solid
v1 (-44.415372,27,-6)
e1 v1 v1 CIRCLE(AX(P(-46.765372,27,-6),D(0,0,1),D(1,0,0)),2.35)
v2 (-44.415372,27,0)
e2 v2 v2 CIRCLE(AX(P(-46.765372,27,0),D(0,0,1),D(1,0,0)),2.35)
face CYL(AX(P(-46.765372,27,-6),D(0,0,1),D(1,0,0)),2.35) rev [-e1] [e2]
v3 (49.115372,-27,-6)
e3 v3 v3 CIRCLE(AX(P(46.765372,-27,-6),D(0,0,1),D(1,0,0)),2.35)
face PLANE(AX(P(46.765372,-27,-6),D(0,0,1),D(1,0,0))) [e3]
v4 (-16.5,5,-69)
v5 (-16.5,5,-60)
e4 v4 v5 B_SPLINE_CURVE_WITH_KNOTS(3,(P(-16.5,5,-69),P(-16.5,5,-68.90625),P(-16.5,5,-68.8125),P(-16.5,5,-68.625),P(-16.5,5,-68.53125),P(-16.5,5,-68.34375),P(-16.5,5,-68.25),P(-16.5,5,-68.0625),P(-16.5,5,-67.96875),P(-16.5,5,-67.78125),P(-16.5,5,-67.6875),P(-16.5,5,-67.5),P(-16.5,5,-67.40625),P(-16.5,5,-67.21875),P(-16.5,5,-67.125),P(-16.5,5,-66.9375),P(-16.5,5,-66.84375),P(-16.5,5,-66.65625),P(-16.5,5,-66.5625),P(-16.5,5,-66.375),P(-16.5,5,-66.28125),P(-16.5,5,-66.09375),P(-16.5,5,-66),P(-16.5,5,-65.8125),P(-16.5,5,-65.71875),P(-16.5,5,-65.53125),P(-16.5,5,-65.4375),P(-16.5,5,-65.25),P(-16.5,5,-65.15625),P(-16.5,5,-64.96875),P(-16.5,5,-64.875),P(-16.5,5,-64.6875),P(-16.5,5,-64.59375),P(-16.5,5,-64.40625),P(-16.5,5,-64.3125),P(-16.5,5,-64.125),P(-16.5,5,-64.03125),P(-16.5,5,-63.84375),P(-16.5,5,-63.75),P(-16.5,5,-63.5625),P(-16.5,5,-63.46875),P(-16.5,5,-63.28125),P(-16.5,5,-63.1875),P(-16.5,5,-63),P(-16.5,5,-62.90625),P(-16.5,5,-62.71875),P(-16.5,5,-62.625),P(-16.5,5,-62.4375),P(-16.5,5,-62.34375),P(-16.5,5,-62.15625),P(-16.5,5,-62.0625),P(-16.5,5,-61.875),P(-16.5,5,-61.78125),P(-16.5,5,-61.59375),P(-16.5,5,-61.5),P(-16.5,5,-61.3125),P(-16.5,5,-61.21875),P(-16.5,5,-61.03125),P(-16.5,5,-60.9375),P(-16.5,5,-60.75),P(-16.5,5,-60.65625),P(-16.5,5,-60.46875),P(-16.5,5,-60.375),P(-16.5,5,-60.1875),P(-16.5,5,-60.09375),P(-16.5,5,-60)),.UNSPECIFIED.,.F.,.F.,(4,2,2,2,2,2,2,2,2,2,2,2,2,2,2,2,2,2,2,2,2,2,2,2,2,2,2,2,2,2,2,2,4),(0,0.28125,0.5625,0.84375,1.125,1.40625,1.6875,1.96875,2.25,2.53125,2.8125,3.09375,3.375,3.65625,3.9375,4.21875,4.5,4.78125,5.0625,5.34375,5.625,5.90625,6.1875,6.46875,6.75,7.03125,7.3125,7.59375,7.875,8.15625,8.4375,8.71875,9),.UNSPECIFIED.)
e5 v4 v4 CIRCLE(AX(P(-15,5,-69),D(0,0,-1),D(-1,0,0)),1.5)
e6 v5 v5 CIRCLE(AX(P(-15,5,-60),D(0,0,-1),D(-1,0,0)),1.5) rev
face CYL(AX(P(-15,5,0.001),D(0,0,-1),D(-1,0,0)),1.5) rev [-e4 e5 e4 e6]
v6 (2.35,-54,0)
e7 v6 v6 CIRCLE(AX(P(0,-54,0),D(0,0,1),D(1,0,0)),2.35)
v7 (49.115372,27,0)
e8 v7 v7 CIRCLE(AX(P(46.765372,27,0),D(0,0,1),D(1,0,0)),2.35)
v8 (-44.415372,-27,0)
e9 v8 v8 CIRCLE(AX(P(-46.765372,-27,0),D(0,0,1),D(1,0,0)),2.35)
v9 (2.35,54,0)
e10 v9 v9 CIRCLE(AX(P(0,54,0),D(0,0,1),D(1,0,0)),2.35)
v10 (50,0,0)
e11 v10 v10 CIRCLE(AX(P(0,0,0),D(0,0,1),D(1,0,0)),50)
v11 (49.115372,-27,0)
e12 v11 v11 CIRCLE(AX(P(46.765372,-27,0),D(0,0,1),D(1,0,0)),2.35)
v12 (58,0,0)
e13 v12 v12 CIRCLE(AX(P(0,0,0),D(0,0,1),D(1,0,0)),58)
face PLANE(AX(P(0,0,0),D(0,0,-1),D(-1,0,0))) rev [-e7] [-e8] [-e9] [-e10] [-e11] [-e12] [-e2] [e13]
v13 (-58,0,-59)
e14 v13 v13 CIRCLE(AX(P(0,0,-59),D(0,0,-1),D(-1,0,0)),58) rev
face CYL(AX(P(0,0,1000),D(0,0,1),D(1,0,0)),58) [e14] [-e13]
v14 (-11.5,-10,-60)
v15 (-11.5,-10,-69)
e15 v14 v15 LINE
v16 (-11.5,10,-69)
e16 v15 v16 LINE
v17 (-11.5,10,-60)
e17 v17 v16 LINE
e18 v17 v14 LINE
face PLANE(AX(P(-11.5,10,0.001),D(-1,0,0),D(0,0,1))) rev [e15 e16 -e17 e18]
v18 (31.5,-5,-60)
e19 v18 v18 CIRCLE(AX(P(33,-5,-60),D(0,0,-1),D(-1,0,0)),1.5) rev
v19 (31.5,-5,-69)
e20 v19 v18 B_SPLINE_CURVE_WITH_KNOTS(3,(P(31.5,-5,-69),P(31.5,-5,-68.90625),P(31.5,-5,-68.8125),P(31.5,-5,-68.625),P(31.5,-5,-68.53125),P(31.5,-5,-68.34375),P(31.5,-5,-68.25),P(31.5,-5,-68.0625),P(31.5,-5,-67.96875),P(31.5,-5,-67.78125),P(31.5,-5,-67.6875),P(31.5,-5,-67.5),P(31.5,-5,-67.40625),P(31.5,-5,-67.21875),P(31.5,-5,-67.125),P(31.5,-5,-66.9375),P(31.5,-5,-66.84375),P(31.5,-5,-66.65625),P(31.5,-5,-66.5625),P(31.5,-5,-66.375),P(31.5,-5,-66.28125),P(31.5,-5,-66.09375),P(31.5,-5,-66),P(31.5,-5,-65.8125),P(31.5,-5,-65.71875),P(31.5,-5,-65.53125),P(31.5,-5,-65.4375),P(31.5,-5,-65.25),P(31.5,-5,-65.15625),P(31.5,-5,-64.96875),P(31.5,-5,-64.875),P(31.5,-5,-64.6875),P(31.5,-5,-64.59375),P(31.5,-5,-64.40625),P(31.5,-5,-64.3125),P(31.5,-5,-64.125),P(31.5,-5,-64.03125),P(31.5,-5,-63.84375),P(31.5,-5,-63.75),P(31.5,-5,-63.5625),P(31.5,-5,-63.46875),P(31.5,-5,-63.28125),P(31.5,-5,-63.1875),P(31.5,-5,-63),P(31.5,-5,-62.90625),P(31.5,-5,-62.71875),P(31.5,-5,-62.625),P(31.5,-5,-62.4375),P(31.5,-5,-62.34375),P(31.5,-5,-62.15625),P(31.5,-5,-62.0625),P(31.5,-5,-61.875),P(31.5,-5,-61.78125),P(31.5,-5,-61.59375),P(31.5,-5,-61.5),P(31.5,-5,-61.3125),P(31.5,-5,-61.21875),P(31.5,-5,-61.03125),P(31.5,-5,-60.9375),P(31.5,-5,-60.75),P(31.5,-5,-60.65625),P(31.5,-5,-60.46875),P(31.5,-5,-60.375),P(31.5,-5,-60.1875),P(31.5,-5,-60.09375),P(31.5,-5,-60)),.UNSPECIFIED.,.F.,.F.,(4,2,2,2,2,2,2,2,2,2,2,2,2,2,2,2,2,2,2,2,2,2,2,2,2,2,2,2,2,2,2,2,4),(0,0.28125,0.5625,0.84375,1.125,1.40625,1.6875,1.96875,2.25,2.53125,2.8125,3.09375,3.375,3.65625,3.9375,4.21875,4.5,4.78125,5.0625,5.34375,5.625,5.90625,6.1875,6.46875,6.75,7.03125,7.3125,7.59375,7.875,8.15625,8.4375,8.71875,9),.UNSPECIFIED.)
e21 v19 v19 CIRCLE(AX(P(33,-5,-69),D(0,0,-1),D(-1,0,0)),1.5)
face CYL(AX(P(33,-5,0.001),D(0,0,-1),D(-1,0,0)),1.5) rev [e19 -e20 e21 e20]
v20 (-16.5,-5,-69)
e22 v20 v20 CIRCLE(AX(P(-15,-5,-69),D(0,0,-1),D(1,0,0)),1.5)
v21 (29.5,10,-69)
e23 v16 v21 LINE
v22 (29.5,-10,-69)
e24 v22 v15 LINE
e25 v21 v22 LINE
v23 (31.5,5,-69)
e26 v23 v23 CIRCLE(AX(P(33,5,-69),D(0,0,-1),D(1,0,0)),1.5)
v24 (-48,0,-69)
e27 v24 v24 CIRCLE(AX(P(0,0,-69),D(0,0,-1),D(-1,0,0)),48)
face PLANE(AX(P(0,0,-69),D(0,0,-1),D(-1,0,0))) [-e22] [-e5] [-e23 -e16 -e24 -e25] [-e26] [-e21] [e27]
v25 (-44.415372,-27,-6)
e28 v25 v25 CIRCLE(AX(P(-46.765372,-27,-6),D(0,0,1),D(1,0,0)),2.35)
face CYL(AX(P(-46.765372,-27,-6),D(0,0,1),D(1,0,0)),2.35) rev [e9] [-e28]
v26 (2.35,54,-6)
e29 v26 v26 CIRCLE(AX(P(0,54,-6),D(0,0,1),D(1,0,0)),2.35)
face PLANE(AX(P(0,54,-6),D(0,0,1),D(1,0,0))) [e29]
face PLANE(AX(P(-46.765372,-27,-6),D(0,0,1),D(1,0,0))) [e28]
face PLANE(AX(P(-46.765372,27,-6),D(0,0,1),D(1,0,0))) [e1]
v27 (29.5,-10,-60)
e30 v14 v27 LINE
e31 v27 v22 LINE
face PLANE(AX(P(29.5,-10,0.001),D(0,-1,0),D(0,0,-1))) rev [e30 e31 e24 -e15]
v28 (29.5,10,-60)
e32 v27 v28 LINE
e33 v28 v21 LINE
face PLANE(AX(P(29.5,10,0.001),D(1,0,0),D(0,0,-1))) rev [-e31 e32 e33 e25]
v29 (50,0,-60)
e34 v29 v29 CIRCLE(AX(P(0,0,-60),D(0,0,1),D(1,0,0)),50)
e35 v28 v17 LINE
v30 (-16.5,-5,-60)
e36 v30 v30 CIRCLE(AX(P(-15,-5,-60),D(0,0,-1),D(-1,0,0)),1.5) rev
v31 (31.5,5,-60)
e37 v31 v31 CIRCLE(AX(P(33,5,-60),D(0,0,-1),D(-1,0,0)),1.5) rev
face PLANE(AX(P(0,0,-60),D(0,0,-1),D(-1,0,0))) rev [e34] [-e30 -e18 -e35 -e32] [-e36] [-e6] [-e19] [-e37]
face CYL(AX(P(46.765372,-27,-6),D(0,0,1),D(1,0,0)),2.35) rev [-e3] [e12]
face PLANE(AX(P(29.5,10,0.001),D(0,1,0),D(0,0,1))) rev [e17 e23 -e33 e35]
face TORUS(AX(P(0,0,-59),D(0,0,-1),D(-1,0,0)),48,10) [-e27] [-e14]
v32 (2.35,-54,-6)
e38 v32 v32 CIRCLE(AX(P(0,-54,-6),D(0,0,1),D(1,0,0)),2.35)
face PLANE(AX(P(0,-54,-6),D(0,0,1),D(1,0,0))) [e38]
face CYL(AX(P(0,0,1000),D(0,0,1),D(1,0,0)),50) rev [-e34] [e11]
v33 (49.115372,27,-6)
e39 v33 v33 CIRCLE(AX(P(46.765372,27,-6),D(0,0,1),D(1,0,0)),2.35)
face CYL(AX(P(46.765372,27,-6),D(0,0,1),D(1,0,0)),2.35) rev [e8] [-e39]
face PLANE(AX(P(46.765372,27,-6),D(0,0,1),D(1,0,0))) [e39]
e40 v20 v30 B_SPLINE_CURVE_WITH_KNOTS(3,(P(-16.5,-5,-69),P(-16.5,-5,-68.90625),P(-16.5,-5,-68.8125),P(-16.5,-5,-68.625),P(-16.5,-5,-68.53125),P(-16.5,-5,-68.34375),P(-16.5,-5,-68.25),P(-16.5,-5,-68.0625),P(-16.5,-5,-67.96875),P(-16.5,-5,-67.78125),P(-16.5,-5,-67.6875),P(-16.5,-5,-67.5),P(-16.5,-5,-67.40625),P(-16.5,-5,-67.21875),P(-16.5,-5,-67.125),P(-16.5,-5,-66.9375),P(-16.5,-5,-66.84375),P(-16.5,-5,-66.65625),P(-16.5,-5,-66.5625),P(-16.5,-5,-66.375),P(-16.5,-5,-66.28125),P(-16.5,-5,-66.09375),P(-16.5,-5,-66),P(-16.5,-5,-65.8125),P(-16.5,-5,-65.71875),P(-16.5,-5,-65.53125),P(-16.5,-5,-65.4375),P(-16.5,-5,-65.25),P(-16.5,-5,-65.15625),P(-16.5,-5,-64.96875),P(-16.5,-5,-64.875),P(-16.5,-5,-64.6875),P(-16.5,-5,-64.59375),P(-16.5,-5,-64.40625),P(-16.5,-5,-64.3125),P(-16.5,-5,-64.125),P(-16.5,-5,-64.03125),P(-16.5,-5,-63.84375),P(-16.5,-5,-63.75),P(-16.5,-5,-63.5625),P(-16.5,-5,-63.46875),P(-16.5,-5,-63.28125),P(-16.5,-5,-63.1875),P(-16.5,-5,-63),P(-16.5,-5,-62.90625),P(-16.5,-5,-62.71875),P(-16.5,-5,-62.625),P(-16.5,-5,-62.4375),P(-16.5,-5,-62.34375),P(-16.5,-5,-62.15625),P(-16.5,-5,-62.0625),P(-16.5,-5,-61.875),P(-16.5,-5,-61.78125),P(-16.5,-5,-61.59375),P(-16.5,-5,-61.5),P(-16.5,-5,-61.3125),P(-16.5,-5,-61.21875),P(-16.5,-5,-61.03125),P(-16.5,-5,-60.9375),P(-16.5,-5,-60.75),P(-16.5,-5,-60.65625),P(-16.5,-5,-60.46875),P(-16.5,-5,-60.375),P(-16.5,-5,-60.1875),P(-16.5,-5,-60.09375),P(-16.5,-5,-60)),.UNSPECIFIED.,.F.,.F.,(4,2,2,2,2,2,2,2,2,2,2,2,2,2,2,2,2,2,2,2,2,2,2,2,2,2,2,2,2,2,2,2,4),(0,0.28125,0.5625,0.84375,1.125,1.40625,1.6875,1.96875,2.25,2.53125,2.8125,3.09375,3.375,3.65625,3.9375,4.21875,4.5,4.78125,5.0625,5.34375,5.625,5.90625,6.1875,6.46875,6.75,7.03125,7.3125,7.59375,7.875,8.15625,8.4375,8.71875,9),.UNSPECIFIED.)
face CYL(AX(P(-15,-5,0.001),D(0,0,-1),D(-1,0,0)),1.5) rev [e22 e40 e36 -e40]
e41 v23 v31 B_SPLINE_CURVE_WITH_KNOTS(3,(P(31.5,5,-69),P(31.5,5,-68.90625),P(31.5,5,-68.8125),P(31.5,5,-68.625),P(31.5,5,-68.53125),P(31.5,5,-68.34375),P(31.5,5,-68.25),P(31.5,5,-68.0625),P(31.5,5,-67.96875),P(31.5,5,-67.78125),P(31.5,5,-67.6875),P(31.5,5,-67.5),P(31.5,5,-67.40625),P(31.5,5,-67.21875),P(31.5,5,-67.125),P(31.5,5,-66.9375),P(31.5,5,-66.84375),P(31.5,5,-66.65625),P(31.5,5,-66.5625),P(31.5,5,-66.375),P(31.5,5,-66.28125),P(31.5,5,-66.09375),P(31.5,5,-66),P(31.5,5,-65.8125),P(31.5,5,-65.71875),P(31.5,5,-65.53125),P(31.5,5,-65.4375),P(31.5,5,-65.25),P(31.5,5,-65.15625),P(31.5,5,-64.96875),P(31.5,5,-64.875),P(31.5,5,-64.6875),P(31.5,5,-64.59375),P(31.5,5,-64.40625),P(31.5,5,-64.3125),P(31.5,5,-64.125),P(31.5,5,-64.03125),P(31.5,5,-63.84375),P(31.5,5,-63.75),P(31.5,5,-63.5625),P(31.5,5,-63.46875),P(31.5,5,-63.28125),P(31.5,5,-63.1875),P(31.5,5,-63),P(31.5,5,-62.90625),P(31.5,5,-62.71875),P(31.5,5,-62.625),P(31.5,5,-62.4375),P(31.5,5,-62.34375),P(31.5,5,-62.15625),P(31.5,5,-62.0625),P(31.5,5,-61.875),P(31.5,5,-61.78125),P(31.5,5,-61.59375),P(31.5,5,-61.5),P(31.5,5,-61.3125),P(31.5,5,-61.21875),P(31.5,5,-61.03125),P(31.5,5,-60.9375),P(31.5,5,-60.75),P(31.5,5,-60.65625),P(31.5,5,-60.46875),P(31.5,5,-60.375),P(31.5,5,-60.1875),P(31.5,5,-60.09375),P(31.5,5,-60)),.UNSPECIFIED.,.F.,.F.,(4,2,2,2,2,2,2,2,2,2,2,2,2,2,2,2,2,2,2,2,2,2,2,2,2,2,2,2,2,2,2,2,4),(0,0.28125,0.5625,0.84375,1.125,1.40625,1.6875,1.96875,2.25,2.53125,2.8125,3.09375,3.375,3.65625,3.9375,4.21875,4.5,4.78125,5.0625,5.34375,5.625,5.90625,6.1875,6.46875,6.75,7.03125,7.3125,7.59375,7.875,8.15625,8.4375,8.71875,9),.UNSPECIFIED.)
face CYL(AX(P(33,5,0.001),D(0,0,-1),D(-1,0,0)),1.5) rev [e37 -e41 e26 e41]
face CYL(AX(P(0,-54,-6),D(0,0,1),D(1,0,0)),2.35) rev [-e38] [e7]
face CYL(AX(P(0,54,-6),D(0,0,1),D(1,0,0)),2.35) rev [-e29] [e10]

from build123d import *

# Parameters (mm, degrees)
SKETCH2_W          = 50
SKETCH2_H          = 9
SKETCH2_W_2        = 8
SKETCH2_H_2        = 60
SKETCH3_R          = 2.35
CUT_EXTRUDE1_DEPTH = 6
CUT_EXTRUDE2_REACH = 109.187
SKETCH4_R          = 1.5
SKETCH4_W          = 41
SKETCH4_H          = 20
FILLET1_R          = 10


with BuildPart() as part:
    # Sketch2 → Revolve1 (revolve)
    with BuildSketch(Plane(origin=(0, 0, 0), x_dir=(1, 0, 0), z_dir=(0, 1, 0))):
        with Locations((25, 64.5)):
            Rectangle(SKETCH2_W, SKETCH2_H)
        with Locations((54, 64.5)):
            Rectangle(SKETCH2_W_2, SKETCH2_H)
        with Locations((54, 30)):
            Rectangle(SKETCH2_W_2, SKETCH2_H_2)
    revolve(axis=Axis((0, 0, 1000), (0, 0, -1)))

    # Sketch3 → Cut-Extrude1 (cut)
    with BuildSketch(Plane.XY):
        with Locations((46.765371804, 27)):
            Circle(SKETCH3_R)
        with Locations((0, 54)):
            Circle(SKETCH3_R)
        with Locations((46.765371804, -27)):
            Circle(SKETCH3_R)
        with Locations((0, -54)):
            Circle(SKETCH3_R)
        with Locations((-46.765371804, -27)):
            Circle(SKETCH3_R)
        with Locations((-46.765371804, 27)):
            Circle(SKETCH3_R)
    extrude(amount=-CUT_EXTRUDE1_DEPTH, mode=Mode.SUBTRACT)

    # Sketch4 → Cut-Extrude2 (cut, up to next)
    with BuildSketch(Plane(origin=(0, 0, -69), x_dir=(-1, 0, 0), z_dir=(0, 0, -1)), mode=Mode.PRIVATE) as cut_extrude2_sk1:
        with Locations((15, 5)):
            Circle(SKETCH4_R)
    cut_extrude2_tool1 = extrude(cut_extrude2_sk1.sketch, amount=-CUT_EXTRUDE2_REACH, mode=Mode.PRIVATE) & part.part
    # Sketch4 → Cut-Extrude2 (cut, up to next)
    with BuildSketch(Plane(origin=(0, 0, -69), x_dir=(-1, 0, 0), z_dir=(0, 0, -1)), mode=Mode.PRIVATE) as cut_extrude2_sk2:
        with Locations((15, -5)):
            Circle(SKETCH4_R)
    cut_extrude2_tool2 = extrude(cut_extrude2_sk2.sketch, amount=-CUT_EXTRUDE2_REACH, mode=Mode.PRIVATE) & part.part
    # Sketch4 → Cut-Extrude2 (cut, up to next)
    with BuildSketch(Plane(origin=(0, 0, -69), x_dir=(-1, 0, 0), z_dir=(0, 0, -1)), mode=Mode.PRIVATE) as cut_extrude2_sk3:
        with Locations((-33, -5)):
            Circle(SKETCH4_R)
    cut_extrude2_tool3 = extrude(cut_extrude2_sk3.sketch, amount=-CUT_EXTRUDE2_REACH, mode=Mode.PRIVATE) & part.part
    # Sketch4 → Cut-Extrude2 (cut, up to next)
    with BuildSketch(Plane(origin=(0, 0, -69), x_dir=(-1, 0, 0), z_dir=(0, 0, -1)), mode=Mode.PRIVATE) as cut_extrude2_sk4:
        with Locations((-33, 5)):
            Circle(SKETCH4_R)
    cut_extrude2_tool4 = extrude(cut_extrude2_sk4.sketch, amount=-CUT_EXTRUDE2_REACH, mode=Mode.PRIVATE) & part.part
    # Sketch4 → Cut-Extrude2 (cut, up to next)
    with BuildSketch(Plane(origin=(0, 0, -69), x_dir=(-1, 0, 0), z_dir=(0, 0, -1)), mode=Mode.PRIVATE) as cut_extrude2_sk5:
        with Locations((-9, 0)):
            Rectangle(SKETCH4_W, SKETCH4_H)
    cut_extrude2_tool5 = extrude(cut_extrude2_sk5.sketch, amount=-CUT_EXTRUDE2_REACH, mode=Mode.PRIVATE) & part.part
    add(cut_extrude2_tool1.solids().sort_by_distance((-15, 5, -69))[0], mode=Mode.SUBTRACT)
    add(cut_extrude2_tool2.solids().sort_by_distance((-15, -5, -69))[0], mode=Mode.SUBTRACT)
    add(cut_extrude2_tool3.solids().sort_by_distance((33, -5, -69))[0], mode=Mode.SUBTRACT)
    add(cut_extrude2_tool4.solids().sort_by_distance((33, 5, -69))[0], mode=Mode.SUBTRACT)
    add(cut_extrude2_tool5.solids().sort_by_distance((9, 0, -69))[0], mode=Mode.SUBTRACT)

    # Fillet1
    fillet1_edges = [part.edges().sort_by_distance(p)[0] for p in [
        (-58, 0, -69),
    ]]
    fillet(fillet1_edges, radius=FILLET1_R)


solid = part.part
